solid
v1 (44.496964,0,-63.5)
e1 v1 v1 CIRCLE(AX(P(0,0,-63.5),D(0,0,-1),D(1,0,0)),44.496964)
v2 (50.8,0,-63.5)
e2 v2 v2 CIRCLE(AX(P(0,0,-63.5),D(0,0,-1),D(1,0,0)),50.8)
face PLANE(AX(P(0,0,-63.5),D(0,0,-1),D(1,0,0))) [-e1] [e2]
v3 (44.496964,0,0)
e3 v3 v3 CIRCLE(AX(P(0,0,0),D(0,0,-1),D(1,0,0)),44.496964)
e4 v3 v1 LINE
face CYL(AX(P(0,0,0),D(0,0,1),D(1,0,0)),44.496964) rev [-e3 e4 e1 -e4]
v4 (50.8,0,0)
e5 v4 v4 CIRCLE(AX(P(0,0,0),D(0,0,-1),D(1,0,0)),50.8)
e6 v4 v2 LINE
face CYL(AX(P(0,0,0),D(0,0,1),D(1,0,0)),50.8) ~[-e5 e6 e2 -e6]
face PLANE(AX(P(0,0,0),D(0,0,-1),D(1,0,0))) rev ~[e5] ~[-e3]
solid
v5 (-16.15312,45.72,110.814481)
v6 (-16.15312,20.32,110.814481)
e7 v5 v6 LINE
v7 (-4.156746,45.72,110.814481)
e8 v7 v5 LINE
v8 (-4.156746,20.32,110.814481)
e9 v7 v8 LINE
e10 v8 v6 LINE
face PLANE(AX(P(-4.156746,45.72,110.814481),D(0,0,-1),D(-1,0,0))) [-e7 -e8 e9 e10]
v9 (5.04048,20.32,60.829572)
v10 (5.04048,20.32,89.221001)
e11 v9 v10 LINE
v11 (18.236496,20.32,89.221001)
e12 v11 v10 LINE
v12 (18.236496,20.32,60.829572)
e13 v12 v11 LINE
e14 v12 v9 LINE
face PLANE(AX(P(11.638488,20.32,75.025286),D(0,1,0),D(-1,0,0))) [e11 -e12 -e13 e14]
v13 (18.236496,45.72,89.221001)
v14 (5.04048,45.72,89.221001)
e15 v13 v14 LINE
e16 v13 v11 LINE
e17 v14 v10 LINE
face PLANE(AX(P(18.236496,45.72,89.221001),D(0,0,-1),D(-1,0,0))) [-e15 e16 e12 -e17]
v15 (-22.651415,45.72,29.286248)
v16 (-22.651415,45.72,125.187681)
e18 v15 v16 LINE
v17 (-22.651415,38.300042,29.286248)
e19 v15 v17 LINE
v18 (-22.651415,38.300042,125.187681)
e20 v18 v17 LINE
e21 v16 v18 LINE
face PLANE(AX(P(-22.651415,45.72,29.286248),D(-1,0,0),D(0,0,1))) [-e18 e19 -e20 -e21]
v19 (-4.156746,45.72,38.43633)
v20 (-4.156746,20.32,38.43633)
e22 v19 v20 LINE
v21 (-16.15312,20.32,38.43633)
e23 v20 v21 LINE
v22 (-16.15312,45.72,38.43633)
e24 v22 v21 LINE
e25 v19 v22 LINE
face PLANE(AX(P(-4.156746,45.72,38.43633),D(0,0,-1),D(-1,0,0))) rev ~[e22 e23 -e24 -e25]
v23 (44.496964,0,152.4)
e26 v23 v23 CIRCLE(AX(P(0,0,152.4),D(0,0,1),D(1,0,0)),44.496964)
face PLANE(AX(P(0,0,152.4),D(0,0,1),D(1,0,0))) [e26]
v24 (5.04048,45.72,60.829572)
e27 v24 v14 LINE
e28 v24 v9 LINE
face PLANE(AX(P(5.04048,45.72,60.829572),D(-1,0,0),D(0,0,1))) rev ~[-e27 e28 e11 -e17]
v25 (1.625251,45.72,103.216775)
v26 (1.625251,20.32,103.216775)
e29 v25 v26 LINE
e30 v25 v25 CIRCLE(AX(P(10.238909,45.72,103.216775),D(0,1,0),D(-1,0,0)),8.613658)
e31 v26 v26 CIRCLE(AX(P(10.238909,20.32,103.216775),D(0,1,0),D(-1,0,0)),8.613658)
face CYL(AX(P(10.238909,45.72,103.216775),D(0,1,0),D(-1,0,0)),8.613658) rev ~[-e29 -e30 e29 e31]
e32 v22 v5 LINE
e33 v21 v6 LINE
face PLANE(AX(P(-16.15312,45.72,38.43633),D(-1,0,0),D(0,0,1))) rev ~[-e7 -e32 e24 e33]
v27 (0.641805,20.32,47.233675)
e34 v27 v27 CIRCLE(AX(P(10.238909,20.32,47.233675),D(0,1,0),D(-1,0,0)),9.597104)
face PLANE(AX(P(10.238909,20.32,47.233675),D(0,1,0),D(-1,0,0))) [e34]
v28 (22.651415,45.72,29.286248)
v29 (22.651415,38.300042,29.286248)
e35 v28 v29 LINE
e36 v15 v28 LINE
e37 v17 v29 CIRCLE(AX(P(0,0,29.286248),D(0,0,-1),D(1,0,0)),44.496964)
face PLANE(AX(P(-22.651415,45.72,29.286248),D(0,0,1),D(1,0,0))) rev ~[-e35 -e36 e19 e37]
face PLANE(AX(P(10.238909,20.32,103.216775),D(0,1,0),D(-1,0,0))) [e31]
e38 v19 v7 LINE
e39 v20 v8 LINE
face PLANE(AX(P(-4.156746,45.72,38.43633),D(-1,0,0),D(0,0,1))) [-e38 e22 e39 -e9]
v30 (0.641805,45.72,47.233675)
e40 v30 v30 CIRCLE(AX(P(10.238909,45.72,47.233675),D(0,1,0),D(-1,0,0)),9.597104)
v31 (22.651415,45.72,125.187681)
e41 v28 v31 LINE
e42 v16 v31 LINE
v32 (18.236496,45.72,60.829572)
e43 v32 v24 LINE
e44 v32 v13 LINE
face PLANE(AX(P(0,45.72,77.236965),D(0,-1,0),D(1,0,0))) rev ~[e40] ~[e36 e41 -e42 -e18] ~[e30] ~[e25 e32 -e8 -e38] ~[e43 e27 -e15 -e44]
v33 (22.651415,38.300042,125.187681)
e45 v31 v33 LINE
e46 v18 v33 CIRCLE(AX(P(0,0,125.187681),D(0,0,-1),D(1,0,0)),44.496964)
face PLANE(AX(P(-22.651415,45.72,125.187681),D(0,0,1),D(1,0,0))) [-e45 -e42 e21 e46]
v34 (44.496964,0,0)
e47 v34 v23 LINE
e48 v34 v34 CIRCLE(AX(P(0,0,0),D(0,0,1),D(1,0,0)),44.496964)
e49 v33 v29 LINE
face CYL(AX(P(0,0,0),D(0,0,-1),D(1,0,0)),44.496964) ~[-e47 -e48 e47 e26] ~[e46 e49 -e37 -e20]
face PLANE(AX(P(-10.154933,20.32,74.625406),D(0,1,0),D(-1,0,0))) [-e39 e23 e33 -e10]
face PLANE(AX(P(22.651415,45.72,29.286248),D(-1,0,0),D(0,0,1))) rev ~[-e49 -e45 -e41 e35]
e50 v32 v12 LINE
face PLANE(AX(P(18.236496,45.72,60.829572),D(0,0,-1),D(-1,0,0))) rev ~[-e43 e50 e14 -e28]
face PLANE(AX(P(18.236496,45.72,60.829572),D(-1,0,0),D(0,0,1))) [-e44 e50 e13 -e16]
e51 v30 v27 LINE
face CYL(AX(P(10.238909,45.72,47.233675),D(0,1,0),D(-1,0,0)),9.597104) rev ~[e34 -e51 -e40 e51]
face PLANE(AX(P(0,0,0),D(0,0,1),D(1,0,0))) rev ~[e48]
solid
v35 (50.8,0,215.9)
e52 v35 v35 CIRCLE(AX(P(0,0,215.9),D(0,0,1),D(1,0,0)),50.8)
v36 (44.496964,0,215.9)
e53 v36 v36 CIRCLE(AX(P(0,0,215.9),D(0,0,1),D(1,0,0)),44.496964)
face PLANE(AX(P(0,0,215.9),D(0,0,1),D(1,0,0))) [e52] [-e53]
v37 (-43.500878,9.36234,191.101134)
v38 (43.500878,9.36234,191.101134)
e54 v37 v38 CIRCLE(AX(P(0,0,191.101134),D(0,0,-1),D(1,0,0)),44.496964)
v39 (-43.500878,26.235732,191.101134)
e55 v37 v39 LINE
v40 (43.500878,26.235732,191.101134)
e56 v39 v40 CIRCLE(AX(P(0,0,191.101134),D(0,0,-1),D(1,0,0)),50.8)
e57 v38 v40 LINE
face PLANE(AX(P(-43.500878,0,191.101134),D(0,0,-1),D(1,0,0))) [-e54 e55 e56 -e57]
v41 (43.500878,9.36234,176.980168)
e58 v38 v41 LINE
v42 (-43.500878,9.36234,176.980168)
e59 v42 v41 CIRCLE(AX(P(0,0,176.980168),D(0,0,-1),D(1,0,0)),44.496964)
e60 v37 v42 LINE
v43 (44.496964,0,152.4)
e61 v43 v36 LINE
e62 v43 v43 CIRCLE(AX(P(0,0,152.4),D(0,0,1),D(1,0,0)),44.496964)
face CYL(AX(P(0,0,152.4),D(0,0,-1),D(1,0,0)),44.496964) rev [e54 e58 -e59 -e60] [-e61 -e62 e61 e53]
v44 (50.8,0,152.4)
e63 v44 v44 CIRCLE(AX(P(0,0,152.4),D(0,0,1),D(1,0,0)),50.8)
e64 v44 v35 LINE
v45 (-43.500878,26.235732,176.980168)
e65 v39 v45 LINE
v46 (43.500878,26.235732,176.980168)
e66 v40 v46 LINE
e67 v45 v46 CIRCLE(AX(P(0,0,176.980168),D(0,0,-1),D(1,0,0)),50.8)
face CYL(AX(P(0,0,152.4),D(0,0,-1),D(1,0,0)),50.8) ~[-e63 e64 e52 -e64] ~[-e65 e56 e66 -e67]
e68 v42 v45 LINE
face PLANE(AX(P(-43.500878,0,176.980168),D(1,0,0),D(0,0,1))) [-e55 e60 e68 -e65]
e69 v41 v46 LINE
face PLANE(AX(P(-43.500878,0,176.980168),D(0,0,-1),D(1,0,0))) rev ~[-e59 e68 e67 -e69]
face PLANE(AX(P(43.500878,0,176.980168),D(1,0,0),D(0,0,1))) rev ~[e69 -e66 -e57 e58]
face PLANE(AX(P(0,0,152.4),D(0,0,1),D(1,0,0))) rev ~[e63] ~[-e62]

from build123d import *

# Parameters (mm, degrees)
F0_R      = 44.496964
F1_DEPTH  = 152.4
F2_R      = 50.8
F2_R_2    = 44.496964
F3_DEPTH  = 63.5
F4_R      = 50.8
F4_R_2    = 44.496964
F5_DEPTH  = 63.5
F6_W      = 87.001756
F6_H      = 14.120966
F7_DEPTH  = 66.294
F9_W      = 45.30283
F9_H      = 95.901433
F10_DEPTH = 25.4
F11_R     = 8.613658
F11_R_2   = 9.597104
F11_W     = 13.196016
F11_H     = 28.391429
F11_W_2   = 11.996375
F11_H_2   = 72.378151
F12_DEPTH = 25.4


with BuildPart() as f1:
    # F0 (on Top) → F1 (new body)
    with BuildSketch(Plane.XY):
        Circle(F0_R)
    extrude(amount=F1_DEPTH)

    # F9 (on offset) → F10 (join)
    with BuildSketch(Plane.XZ.offset(-45.72)):
        with Locations((0, 77.236965)):
            Rectangle(F9_W, F9_H)
    extrude(amount=F10_DEPTH)

    # F11 (on face) → F12 (cut)
    with BuildSketch(Plane(origin=(0, 45.72, 0), x_dir=(-1, 0, 0), z_dir=(0, 1, 0))):
        with Locations((-10.238909, 103.216775)):
            Circle(F11_R)
        with Locations((-10.238909, 47.233675)):
            Circle(F11_R_2)
        with Locations((-11.638488, 75.025286)):
            Rectangle(F11_W, F11_H)
        with Locations((10.154933, 74.625406)):
            Rectangle(F11_W_2, F11_H_2)
    extrude(amount=-F12_DEPTH, mode=Mode.SUBTRACT)


with BuildPart() as f3:
    # F2 (on face) → F3 (new body)
    with BuildSketch(Plane(origin=(0, 0, 0), x_dir=(1, 0, 0), z_dir=(0, 0, -1))):
        Circle(F2_R)
        Circle(F2_R_2, mode=Mode.SUBTRACT)
    extrude(amount=F3_DEPTH)


with BuildPart() as f5:
    # F4 (on face) → F5 (new body)
    with BuildSketch(Plane.XY.offset(152.4)):
        Circle(F4_R)
        Circle(F4_R_2, mode=Mode.SUBTRACT)
    extrude(amount=F5_DEPTH)

    # F6 (on Front) → F7 (cut)
    with BuildSketch(Plane.XZ):
        with Locations((0, 184.040651)):
            Rectangle(F6_W, F6_H)
    extrude(amount=-F7_DEPTH, mode=Mode.SUBTRACT)


solid = Compound([f1.part, f3.part, f5.part])
